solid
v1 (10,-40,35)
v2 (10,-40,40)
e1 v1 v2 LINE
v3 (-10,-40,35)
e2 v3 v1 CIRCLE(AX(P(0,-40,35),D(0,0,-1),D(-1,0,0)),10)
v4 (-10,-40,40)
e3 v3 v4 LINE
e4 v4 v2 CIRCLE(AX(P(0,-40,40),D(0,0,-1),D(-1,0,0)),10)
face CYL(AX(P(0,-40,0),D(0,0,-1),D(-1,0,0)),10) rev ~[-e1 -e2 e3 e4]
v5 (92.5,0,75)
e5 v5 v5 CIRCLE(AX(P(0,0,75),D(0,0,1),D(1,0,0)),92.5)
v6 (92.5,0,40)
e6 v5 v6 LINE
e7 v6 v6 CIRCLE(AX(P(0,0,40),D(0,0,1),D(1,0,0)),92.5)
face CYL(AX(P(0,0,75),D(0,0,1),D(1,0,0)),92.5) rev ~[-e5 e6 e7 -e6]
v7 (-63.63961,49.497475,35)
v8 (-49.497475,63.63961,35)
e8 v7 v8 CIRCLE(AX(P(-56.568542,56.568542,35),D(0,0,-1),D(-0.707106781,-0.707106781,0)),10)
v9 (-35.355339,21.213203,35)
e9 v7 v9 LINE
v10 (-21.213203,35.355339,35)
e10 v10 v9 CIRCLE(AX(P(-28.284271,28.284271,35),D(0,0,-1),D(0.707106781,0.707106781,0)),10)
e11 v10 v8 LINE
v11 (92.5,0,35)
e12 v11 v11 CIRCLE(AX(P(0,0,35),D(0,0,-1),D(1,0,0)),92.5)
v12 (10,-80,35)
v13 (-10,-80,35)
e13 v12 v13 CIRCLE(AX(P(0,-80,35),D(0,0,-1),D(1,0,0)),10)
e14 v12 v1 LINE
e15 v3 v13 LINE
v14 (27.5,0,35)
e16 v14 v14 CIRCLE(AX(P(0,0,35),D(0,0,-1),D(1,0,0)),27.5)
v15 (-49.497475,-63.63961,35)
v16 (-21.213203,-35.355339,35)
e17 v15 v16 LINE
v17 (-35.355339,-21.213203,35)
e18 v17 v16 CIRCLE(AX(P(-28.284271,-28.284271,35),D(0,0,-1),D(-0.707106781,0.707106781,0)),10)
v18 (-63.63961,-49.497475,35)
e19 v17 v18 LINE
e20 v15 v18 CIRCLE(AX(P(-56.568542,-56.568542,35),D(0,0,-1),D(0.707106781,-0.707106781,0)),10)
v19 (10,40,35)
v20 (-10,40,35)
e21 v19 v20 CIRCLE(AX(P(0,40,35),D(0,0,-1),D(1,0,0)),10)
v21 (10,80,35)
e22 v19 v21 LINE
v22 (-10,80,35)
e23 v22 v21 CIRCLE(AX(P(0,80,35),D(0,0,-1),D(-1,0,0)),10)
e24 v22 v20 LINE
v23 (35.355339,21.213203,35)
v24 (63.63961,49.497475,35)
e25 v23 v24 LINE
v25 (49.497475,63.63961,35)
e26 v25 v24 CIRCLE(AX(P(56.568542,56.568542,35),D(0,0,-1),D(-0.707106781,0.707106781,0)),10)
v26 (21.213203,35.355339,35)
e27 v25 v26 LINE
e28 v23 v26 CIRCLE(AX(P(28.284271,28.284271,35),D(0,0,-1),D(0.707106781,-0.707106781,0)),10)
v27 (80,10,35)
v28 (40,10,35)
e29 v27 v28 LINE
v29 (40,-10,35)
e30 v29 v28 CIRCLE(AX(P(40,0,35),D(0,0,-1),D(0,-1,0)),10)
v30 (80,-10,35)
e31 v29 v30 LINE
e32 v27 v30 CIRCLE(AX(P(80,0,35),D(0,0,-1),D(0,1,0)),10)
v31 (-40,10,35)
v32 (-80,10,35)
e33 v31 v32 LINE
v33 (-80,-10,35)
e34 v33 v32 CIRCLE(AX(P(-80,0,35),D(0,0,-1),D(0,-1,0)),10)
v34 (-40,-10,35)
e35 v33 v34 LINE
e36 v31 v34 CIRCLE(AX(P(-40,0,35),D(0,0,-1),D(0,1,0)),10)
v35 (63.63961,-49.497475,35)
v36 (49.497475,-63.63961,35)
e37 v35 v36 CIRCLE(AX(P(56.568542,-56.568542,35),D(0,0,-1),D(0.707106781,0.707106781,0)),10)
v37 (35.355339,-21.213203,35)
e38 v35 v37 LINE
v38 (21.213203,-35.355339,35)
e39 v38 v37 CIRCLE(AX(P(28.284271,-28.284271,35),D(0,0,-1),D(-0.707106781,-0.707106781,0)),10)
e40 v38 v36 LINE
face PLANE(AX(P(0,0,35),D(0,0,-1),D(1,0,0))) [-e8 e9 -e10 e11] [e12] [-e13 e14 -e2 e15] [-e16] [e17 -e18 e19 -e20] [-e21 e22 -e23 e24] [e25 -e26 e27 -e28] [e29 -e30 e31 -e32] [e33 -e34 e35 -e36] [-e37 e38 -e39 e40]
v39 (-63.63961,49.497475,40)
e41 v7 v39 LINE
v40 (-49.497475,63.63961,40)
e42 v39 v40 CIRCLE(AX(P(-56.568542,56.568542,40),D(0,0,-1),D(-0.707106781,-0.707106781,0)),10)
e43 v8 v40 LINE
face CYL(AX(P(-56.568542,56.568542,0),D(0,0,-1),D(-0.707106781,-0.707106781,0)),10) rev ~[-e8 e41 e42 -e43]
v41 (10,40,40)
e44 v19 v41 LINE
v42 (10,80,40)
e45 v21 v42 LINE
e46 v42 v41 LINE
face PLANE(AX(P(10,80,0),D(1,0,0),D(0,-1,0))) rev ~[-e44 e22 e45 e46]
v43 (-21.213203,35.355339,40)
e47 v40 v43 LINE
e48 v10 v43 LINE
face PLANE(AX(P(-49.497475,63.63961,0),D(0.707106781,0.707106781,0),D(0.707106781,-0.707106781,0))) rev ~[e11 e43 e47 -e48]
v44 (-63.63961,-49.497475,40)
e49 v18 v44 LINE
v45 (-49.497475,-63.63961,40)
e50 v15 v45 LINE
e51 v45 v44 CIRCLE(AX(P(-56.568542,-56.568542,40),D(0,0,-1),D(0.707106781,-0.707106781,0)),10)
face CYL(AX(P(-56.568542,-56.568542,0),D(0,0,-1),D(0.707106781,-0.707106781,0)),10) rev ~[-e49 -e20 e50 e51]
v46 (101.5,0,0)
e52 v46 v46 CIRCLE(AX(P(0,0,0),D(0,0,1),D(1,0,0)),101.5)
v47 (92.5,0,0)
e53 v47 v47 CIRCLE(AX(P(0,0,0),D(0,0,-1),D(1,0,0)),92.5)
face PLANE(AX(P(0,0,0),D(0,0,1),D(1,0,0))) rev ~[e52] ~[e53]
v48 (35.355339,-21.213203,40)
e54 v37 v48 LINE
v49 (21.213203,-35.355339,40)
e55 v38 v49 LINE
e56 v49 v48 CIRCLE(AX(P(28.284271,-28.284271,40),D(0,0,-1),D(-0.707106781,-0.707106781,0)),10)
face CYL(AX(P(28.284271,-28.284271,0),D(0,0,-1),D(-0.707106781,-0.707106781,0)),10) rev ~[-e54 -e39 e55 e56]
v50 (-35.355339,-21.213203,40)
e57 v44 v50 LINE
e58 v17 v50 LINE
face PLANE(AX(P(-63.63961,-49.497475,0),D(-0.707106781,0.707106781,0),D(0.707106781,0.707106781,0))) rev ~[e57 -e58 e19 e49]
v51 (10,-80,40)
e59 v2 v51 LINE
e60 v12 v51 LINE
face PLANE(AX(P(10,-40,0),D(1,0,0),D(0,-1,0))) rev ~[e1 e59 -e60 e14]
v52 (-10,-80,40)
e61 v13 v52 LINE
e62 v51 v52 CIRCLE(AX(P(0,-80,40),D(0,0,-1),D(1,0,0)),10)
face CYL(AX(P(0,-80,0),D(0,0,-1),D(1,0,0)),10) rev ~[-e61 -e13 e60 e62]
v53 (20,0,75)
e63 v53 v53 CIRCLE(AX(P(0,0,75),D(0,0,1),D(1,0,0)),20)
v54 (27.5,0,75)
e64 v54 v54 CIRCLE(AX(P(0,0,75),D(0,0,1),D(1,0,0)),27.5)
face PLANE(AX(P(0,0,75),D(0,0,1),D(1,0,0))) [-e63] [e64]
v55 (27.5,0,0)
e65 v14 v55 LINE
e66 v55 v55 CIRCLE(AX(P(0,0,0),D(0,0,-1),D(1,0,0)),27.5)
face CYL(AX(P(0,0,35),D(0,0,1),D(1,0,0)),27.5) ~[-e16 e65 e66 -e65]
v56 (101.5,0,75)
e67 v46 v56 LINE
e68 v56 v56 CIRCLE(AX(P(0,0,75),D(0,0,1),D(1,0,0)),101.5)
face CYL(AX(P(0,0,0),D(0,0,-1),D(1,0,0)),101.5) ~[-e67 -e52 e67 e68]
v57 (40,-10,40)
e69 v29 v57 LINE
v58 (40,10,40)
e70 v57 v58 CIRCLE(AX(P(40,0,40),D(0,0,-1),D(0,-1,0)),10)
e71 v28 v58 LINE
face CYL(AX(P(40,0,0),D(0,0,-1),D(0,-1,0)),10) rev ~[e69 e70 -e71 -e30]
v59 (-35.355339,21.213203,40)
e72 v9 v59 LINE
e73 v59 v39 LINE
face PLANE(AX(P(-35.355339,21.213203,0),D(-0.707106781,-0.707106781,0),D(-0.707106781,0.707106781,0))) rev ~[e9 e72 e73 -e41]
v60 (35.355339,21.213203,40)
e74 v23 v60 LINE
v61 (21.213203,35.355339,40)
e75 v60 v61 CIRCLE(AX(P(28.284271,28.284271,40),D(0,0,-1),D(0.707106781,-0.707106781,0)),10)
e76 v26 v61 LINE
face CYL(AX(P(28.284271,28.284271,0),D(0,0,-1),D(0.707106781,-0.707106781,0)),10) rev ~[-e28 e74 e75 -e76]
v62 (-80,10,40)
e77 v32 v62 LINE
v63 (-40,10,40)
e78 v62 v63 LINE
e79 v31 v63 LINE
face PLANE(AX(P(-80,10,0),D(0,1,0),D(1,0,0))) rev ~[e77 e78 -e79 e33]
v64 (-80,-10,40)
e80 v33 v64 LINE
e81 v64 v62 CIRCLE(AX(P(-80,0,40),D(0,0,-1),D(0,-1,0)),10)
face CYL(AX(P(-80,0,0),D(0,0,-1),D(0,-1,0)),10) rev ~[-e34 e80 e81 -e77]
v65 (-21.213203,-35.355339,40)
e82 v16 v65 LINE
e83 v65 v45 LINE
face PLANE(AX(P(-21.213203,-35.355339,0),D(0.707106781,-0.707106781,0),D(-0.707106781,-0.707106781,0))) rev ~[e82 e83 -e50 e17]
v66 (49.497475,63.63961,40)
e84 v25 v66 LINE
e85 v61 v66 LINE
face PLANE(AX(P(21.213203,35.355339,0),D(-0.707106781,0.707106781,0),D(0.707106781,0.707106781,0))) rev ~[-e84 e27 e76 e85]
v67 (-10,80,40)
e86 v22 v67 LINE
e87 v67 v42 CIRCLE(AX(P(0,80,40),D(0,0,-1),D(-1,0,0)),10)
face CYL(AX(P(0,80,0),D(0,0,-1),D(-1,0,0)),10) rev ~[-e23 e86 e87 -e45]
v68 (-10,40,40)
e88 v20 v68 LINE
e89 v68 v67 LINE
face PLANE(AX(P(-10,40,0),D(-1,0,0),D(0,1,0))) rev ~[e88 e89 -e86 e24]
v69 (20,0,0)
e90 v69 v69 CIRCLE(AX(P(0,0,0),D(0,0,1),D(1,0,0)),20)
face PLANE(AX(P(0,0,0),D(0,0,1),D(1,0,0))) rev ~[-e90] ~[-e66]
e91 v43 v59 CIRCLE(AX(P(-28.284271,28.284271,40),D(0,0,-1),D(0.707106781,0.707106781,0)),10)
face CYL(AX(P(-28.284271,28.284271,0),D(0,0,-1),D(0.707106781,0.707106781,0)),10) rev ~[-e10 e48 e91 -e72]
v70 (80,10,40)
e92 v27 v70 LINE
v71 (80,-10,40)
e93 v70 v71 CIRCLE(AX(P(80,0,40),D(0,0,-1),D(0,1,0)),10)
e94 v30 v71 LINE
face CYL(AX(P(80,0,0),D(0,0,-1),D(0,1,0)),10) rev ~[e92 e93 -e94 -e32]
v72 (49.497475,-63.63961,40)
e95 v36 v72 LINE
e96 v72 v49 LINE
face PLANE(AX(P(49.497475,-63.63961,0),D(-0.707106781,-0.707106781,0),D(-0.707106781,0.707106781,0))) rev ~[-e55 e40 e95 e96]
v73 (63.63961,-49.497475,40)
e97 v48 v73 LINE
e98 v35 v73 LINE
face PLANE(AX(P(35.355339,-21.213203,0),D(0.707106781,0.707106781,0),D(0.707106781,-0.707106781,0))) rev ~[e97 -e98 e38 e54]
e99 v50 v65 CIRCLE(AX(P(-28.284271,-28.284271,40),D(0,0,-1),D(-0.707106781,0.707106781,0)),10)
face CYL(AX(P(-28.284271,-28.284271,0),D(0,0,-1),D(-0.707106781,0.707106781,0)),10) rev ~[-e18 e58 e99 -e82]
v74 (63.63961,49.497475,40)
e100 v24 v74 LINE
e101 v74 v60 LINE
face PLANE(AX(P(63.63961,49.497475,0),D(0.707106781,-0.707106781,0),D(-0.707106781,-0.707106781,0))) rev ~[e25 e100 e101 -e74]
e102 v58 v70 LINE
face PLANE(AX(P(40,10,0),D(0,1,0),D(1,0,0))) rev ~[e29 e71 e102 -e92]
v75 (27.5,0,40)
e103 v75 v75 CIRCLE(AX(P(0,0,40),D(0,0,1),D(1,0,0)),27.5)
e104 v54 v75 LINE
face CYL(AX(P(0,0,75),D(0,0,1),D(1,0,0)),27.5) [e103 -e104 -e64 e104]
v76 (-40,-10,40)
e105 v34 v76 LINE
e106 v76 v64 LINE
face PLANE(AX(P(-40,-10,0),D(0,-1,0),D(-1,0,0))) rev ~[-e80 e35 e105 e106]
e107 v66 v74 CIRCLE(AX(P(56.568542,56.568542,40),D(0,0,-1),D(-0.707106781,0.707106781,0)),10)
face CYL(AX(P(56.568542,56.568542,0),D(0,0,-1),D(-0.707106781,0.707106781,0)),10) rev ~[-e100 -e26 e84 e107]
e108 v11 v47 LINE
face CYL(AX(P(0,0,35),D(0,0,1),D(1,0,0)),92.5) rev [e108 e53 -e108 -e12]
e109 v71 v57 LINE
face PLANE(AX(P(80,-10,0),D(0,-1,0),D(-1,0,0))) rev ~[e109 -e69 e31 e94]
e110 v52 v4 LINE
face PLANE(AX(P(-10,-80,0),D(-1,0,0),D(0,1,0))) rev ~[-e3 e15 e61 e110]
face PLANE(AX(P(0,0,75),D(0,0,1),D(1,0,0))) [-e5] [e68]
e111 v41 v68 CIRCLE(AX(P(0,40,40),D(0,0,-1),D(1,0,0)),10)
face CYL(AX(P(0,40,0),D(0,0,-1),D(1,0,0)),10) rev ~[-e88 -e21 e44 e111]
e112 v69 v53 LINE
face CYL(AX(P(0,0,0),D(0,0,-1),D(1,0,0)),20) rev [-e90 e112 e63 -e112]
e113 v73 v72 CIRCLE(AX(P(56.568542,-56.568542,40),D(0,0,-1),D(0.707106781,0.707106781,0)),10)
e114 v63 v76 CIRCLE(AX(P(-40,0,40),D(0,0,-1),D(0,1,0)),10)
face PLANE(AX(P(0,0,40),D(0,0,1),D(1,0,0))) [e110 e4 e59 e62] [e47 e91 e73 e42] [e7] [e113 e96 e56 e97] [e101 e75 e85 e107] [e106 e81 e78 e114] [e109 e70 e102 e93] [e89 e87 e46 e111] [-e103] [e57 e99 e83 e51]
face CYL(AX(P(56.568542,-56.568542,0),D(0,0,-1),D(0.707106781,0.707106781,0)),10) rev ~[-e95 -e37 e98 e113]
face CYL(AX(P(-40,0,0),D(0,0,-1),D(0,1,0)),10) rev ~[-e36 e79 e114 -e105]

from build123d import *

# Parameters (mm, degrees)
SKETCH1_R           = 101.5
SKETCH1_R_2         = 20
BOSS_EXTRUDE1_DEPTH = 75
SKETCH2_R           = 92.5
SKETCH2_R_2         = 27.5
CUT_EXTRUDE1_DEPTH  = 35
CUT_EXTRUDE2_START  = -35
SKETCH3_R           = 92.5
SKETCH3_R_2         = 27.5
CUT_EXTRUDE2_DEPTH  = 35


with BuildPart() as part:
    # Sketch1 → Boss-Extrude1 (new body)
    with BuildSketch(Plane.XY):
        Circle(SKETCH1_R)
        Circle(SKETCH1_R_2, mode=Mode.SUBTRACT)
        with BuildLine():
            Line((10, 80), (10, 40))
            ThreePointArc((10, 40), (0, 30), (-10, 40))
            Line((-10, 40), (-10, 80))
            ThreePointArc((-10, 80), (0, 90), (10, 80))
        make_face(mode=Mode.SUBTRACT)
        with BuildLine():
            Line((63.639610307, 49.497474683), (35.355339059, 21.213203436))
            ThreePointArc((35.355339059, 21.213203436), (21.213203436, 21.213203436), (21.213203436, 35.355339059))
            Line((21.213203436, 35.355339059), (49.497474683, 63.639610307))
            ThreePointArc((49.497474683, 63.639610307), (63.639610307, 63.639610307), (63.639610307, 49.497474683))
        make_face(mode=Mode.SUBTRACT)
        with BuildLine():
            Line((80, -10), (40, -10))
            ThreePointArc((40, -10), (30, 0), (40, 10))
            Line((40, 10), (80, 10))
            ThreePointArc((80, 10), (90, 0), (80, -10))
        make_face(mode=Mode.SUBTRACT)
        with BuildLine():
            Line((49.497474683, -63.639610307), (21.213203436, -35.355339059))
            ThreePointArc((21.213203436, -35.355339059), (21.213203436, -21.213203436), (35.355339059, -21.213203436))
            Line((35.355339059, -21.213203436), (63.639610307, -49.497474683))
            ThreePointArc((63.639610307, -49.497474683), (63.639610307, -63.639610307), (49.497474683, -63.639610307))
        make_face(mode=Mode.SUBTRACT)
        with BuildLine():
            Line((-10, -80), (-10, -40))
            ThreePointArc((-10, -40), (0, -30), (10, -40))
            Line((10, -40), (10, -80))
            ThreePointArc((10, -80), (0, -90), (-10, -80))
        make_face(mode=Mode.SUBTRACT)
        with BuildLine():
            Line((-63.639610307, -49.497474683), (-35.355339059, -21.213203436))
            ThreePointArc((-35.355339059, -21.213203436), (-21.213203436, -21.213203436), (-21.213203436, -35.355339059))
            Line((-21.213203436, -35.355339059), (-49.497474683, -63.639610307))
            ThreePointArc((-49.497474683, -63.639610307), (-63.639610307, -63.639610307), (-63.639610307, -49.497474683))
        make_face(mode=Mode.SUBTRACT)
        with BuildLine():
            Line((-80, 10), (-40, 10))
            ThreePointArc((-40, 10), (-30, 0), (-40, -10))
            Line((-40, -10), (-80, -10))
            ThreePointArc((-80, -10), (-90, 0), (-80, 10))
        make_face(mode=Mode.SUBTRACT)
        with BuildLine():
            Line((-49.497474683, 63.639610307), (-21.213203436, 35.355339059))
            ThreePointArc((-21.213203436, 35.355339059), (-21.213203436, 21.213203436), (-35.355339059, 21.213203436))
            Line((-35.355339059, 21.213203436), (-63.639610307, 49.497474683))
            ThreePointArc((-63.639610307, 49.497474683), (-63.639610307, 63.639610307), (-49.497474683, 63.639610307))
        make_face(mode=Mode.SUBTRACT)
    extrude(amount=BOSS_EXTRUDE1_DEPTH)

    # Sketch2 → Cut-Extrude1 (cut)
    with BuildSketch(Plane.XY.offset(75)):
        Circle(SKETCH2_R)
        Circle(SKETCH2_R_2, mode=Mode.SUBTRACT)
    extrude(amount=-CUT_EXTRUDE1_DEPTH, mode=Mode.SUBTRACT)

    # Sketch3 → Cut-Extrude2 (cut)
    with BuildSketch(Plane(origin=(0, 0, 0), x_dir=(-1, 0, 0), z_dir=(0, 0, -1)).offset(CUT_EXTRUDE2_START)):
        with Locations(Location((0, 0, 0), (0, 0, 180))):
            Circle(SKETCH3_R)
        with Locations(Location((0, 0, 0), (0, 0, 180))):
            Circle(SKETCH3_R_2, mode=Mode.SUBTRACT)
    extrude(amount=CUT_EXTRUDE2_DEPTH, mode=Mode.SUBTRACT)


solid = part.part
